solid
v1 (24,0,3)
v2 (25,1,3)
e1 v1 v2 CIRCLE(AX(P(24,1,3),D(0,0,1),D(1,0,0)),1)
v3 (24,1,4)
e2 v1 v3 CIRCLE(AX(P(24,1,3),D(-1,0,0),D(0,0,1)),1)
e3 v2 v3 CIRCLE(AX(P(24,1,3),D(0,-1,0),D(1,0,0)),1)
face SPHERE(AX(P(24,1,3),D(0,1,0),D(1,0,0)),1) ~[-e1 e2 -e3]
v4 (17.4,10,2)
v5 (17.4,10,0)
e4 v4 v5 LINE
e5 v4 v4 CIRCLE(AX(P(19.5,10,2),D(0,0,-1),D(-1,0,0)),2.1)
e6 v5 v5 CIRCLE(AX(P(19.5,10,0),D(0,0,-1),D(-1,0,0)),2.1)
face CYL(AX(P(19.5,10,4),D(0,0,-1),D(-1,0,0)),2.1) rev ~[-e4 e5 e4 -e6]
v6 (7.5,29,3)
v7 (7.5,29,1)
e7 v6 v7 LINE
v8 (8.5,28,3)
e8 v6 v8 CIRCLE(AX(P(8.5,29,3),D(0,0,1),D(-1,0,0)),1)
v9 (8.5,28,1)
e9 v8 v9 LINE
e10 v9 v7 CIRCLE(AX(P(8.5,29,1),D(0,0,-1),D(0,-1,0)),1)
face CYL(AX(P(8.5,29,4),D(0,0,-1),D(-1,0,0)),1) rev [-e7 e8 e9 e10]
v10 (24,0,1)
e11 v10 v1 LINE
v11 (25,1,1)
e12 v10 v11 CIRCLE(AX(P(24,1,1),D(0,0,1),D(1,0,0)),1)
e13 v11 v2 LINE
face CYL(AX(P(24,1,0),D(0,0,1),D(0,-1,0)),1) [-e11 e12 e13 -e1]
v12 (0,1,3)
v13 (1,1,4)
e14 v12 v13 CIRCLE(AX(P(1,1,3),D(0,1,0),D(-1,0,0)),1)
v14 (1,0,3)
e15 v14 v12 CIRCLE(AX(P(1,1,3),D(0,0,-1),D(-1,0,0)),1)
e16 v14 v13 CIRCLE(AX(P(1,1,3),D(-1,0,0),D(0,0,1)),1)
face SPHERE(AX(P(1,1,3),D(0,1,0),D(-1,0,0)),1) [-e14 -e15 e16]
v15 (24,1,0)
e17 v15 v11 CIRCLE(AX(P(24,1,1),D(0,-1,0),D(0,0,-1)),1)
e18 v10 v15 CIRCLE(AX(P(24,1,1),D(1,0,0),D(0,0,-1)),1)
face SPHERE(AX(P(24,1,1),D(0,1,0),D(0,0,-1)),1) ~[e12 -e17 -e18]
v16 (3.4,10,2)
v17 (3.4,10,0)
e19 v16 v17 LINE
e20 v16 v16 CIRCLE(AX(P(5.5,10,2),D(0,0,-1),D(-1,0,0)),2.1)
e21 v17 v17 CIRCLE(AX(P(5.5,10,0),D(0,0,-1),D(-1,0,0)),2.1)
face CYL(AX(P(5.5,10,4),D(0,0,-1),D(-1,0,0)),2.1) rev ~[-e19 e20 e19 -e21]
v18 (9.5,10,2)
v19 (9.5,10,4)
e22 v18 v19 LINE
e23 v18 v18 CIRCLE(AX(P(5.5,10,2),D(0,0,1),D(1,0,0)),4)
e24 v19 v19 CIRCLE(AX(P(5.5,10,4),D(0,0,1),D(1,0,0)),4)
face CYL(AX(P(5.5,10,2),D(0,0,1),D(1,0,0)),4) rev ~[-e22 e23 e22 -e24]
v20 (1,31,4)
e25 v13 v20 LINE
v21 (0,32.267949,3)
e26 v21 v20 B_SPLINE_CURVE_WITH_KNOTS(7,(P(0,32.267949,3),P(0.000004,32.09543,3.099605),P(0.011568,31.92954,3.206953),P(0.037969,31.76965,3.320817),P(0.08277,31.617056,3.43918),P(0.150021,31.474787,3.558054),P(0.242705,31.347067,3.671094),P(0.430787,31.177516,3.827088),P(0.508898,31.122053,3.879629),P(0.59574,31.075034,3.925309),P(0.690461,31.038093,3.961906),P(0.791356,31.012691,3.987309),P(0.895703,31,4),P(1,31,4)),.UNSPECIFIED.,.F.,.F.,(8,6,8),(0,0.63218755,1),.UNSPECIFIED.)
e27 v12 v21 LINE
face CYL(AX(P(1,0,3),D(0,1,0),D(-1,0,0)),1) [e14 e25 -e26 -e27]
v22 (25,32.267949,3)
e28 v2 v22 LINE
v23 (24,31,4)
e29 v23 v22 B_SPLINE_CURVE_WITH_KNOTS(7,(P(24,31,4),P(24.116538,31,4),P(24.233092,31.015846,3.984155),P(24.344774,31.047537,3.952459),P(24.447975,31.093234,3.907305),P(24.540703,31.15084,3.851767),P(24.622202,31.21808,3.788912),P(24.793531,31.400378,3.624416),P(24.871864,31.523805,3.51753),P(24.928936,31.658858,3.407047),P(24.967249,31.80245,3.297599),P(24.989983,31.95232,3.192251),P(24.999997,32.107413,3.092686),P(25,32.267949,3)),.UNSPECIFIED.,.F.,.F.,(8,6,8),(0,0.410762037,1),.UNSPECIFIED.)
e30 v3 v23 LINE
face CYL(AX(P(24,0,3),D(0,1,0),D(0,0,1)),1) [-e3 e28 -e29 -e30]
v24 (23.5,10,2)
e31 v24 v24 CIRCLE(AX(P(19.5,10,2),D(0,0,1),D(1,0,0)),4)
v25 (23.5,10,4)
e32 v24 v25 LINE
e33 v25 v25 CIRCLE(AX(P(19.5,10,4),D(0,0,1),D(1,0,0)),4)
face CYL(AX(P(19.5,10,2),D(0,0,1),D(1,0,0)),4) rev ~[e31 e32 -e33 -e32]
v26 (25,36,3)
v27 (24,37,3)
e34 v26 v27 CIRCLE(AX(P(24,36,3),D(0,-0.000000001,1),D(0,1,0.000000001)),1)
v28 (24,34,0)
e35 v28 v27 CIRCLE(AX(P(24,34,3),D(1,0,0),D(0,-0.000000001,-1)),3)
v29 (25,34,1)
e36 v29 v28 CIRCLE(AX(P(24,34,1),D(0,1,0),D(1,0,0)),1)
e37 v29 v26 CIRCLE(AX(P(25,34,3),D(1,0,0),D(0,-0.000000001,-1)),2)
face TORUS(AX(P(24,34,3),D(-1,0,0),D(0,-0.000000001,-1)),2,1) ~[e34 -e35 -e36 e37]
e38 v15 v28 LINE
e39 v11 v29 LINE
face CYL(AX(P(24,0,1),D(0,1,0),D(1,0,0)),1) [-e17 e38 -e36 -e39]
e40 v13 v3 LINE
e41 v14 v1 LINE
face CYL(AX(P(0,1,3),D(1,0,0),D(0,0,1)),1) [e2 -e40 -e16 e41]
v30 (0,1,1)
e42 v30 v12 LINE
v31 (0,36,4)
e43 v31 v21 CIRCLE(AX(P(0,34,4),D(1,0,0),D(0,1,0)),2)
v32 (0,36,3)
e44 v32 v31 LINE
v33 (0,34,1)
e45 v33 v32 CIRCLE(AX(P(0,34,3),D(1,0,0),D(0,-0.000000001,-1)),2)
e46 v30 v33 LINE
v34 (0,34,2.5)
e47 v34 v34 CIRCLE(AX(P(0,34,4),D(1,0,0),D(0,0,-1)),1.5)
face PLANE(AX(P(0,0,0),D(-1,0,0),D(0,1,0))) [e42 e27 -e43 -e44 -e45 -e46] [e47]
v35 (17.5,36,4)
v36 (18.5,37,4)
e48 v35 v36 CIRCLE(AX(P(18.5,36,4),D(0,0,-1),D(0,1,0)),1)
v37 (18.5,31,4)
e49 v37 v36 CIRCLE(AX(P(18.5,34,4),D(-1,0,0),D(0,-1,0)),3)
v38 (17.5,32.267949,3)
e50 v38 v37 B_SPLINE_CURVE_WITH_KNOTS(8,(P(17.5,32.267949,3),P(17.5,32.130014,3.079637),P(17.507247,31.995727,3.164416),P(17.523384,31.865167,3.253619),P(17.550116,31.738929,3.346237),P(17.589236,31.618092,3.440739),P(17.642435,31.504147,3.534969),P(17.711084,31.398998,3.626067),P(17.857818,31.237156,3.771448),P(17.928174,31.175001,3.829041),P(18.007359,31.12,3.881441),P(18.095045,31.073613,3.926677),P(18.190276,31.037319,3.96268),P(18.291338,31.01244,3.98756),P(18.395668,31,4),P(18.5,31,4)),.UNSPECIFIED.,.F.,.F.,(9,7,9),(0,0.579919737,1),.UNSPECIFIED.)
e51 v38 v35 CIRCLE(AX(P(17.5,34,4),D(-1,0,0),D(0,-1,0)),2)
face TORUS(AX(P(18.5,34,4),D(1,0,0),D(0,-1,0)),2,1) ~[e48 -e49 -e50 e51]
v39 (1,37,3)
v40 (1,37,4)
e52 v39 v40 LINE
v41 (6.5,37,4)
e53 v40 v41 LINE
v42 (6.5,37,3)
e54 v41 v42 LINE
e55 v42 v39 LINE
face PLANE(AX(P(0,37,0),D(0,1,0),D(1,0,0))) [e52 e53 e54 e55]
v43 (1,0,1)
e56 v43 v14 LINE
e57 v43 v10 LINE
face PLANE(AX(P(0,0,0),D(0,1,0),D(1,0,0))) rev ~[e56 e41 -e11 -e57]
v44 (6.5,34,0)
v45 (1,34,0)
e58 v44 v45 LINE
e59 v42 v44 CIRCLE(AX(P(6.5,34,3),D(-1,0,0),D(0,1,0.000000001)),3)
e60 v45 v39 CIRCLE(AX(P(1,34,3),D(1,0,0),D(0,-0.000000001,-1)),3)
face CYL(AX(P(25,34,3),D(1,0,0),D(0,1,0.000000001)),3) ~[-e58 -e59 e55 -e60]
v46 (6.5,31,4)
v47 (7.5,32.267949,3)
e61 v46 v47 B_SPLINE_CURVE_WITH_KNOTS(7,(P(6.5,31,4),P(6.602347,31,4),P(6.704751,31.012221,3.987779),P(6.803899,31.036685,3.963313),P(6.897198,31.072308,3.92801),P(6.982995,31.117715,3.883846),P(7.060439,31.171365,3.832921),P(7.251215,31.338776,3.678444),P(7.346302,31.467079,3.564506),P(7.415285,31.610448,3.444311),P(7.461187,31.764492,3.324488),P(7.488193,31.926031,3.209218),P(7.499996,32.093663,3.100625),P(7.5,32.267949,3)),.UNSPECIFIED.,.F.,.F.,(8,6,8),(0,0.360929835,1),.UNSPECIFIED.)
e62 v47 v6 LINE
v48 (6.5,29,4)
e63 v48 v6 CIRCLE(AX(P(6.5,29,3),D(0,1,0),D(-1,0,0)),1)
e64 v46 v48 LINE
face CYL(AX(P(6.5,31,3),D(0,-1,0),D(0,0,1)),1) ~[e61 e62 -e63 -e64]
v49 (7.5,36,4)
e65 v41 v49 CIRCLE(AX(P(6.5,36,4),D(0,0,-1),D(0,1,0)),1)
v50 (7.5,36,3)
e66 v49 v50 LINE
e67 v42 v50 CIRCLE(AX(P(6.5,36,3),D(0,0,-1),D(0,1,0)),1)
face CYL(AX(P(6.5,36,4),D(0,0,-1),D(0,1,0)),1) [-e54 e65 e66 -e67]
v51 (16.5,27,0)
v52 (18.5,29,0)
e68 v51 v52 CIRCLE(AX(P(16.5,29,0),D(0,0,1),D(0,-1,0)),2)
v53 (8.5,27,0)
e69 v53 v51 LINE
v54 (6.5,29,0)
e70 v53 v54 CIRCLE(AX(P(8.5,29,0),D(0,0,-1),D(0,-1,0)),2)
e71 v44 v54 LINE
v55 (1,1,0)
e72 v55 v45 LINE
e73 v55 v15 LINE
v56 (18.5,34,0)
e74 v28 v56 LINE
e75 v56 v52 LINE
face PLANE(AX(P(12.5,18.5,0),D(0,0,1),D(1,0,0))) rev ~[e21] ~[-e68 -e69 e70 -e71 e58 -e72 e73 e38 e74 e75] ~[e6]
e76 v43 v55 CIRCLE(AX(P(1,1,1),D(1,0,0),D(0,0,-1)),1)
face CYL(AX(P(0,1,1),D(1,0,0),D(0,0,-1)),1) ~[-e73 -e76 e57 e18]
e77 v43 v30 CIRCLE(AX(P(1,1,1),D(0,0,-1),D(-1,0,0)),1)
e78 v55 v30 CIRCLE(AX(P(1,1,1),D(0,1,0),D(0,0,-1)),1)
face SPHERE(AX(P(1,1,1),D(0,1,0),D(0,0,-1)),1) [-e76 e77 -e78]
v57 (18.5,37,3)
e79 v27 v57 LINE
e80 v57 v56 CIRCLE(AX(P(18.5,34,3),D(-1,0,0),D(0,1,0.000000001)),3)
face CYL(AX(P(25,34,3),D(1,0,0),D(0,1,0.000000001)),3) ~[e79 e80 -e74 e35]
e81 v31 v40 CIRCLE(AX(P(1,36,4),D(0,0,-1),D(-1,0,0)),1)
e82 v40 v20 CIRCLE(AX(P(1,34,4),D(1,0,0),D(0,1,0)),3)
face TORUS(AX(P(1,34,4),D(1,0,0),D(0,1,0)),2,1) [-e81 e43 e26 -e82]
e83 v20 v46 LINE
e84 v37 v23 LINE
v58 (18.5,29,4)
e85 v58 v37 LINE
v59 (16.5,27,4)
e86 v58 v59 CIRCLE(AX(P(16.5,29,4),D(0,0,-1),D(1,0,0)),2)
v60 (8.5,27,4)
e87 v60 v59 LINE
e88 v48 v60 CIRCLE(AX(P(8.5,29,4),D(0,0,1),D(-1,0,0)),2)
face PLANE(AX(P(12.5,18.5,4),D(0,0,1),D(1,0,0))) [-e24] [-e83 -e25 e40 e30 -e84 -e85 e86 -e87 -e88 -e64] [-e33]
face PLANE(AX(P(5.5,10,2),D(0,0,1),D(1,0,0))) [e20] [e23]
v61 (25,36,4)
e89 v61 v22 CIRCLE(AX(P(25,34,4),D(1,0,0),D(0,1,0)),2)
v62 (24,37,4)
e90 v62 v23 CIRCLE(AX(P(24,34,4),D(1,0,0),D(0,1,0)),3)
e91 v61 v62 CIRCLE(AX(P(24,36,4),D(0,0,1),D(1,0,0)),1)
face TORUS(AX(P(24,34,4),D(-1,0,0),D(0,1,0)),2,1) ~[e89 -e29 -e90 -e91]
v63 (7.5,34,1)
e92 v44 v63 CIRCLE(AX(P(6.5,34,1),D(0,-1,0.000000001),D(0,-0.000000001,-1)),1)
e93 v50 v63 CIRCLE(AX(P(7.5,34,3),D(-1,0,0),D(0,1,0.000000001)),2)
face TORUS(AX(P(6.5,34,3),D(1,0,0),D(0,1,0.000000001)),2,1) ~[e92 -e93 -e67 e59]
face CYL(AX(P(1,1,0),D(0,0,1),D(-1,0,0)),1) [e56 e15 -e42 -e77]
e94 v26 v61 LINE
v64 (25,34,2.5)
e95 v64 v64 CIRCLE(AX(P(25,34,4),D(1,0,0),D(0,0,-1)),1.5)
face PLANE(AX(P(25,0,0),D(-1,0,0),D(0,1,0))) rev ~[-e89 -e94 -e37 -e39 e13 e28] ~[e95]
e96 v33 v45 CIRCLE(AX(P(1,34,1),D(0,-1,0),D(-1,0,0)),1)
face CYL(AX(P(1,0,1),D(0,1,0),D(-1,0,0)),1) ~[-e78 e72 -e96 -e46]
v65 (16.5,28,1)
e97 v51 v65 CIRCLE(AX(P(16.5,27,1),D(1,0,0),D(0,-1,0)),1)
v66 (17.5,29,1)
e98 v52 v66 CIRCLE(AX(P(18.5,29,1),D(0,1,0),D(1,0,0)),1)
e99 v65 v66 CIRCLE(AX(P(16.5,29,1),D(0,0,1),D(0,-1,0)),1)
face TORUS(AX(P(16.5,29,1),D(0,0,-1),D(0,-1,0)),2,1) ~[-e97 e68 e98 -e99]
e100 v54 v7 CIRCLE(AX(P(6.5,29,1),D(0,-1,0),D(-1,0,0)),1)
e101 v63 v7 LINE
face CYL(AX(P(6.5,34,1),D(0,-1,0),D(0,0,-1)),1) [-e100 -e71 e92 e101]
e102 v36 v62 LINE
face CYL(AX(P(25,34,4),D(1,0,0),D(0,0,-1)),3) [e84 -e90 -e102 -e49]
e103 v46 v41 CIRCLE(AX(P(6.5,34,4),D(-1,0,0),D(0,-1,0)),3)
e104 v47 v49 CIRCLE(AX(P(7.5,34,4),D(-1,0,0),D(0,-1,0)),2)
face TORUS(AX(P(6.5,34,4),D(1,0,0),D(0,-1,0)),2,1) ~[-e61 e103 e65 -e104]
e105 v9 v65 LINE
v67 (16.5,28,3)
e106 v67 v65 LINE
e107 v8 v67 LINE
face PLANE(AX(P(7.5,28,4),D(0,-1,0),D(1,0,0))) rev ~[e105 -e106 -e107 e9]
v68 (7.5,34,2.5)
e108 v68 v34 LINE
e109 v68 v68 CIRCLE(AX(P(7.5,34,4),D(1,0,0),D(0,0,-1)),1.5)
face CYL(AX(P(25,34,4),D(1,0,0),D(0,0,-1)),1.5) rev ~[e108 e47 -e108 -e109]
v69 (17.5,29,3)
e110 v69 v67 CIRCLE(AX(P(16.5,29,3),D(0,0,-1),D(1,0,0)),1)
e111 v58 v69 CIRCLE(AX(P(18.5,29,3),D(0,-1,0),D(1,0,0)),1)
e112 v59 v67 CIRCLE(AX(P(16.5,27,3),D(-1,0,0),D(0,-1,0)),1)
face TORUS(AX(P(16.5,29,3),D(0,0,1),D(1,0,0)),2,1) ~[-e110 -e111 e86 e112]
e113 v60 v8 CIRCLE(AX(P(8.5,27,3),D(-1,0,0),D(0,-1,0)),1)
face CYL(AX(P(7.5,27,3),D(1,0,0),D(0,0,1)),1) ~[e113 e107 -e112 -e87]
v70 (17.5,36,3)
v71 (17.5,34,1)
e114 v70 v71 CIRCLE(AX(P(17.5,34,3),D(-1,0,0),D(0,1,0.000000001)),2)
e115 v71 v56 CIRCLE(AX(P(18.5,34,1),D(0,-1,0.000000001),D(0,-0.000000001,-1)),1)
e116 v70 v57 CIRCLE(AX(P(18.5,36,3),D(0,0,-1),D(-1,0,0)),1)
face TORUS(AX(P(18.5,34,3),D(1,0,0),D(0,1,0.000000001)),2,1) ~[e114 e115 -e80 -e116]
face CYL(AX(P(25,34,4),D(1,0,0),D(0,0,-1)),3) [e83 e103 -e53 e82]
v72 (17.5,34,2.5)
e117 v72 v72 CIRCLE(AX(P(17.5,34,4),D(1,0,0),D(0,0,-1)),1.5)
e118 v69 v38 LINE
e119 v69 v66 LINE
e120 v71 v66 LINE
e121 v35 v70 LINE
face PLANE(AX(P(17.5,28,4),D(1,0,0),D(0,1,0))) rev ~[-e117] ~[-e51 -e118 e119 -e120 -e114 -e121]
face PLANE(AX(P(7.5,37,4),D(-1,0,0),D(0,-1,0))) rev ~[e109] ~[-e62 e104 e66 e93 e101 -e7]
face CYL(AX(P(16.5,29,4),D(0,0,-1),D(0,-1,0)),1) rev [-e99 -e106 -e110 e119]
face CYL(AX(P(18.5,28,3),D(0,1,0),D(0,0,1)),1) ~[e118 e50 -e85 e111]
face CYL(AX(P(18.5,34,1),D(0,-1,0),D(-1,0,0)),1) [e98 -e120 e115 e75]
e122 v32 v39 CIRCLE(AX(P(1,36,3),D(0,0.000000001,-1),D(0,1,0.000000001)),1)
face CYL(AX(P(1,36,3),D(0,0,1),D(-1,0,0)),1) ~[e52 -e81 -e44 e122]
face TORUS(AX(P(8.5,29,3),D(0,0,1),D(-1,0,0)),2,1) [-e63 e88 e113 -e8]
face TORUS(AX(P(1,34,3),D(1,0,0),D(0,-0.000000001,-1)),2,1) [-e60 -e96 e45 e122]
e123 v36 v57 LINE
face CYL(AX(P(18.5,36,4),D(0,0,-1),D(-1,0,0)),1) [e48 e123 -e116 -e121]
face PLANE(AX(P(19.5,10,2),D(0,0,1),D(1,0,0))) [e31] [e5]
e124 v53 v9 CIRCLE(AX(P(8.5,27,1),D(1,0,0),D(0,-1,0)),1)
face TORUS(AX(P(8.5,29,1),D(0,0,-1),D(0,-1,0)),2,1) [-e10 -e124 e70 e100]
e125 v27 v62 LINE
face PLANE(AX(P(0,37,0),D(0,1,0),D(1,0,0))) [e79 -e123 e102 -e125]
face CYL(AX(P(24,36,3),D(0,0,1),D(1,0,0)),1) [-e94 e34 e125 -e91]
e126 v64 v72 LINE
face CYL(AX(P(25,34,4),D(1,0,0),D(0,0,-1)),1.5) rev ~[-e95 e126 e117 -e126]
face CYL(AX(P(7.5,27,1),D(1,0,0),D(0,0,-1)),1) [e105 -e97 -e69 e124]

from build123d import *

# Parameters (mm, degrees)
ESQUISSE1_W                                       = 25
ESQUISSE1_H                                       = 37
BOSS_EXTRU_1_DEPTH                                = 4
ESQUISSE2_R                                       = 3
BOSS_EXTRU_2_DEPTH                                = 25
ESQUISSE3_R                                       = 1.5
ENL_V_MAT_EXTRU_1_DEPTH                           = 25
ENL_V_MAT_EXTRU_2_DEPTH                           = 25
ENL_V_MAT_EXTRU_2_DEPTH_BACK                      = 25
ESQUISSE4_W                                       = 10
ESQUISSE4_H                                       = 9
CHAMBRAGE_POUR_VIS_SIX_PANS_CREUX_M41_D           = 4.2
CHAMBRAGE_POUR_VIS_SIX_PANS_CREUX_M41_CBORE_D     = 8
CHAMBRAGE_POUR_VIS_SIX_PANS_CREUX_M41_CBORE_DEPTH = 2
CONG_1_R                                          = 1


with BuildPart() as part:
    # Esquisse1 → Boss.-Extru.1 (new body)
    with BuildSketch(Plane.XY):
        with Locations((12.5, 18.5)):
            Rectangle(ESQUISSE1_W, ESQUISSE1_H)
    extrude(amount=BOSS_EXTRU_1_DEPTH)

    # Esquisse2 → Boss.-Extru.2 (add)
    with BuildSketch(Plane(origin=(25, 0, 0), x_dir=(0, 0, -1), z_dir=(1, 0, 0))):
        with Locations((-4, 34)):
            Circle(ESQUISSE2_R)
    extrude(amount=-BOSS_EXTRU_2_DEPTH)

    # Esquisse3 → Enlèv. mat.-Extru.1 (cut)
    with BuildSketch(Plane(origin=(25, 0, 0), x_dir=(0, 0, -1), z_dir=(1, 0, 0))):
        with BuildLine():
            Line((0, 34), (0, 37))
            Line((0, 37), (-3, 37))
            ThreePointArc((-3, 37), (-0.878679656, 36.121320344), (0, 34))
        make_face()
        with Locations((-4, 34)):
            Circle(ESQUISSE3_R)
    extrude(amount=-ENL_V_MAT_EXTRU_1_DEPTH, mode=Mode.SUBTRACT)

    # Esquisse4 → Enlèv. mat.-Extru.2 (cut, two sides: drawn at the far end of the back side and taken through both)
    with BuildSketch(Plane.XY.offset(4).offset(-ENL_V_MAT_EXTRU_2_DEPTH_BACK)):
        with Locations((12.5, 32.5)):
            Rectangle(ESQUISSE4_W, ESQUISSE4_H)
    extrude(amount=ENL_V_MAT_EXTRU_2_DEPTH + ENL_V_MAT_EXTRU_2_DEPTH_BACK, mode=Mode.SUBTRACT)

    # Chambrage pour vis à six pans creux M41 (through all)
    with Locations(Plane(origin=(5.5, 10, 4), x_dir=(1, 0, 0), z_dir=(0, 0, 1))):
        with Locations((0, 0), (14, 0)):
            CounterBoreHole(CHAMBRAGE_POUR_VIS_SIX_PANS_CREUX_M41_D / 2, CHAMBRAGE_POUR_VIS_SIX_PANS_CREUX_M41_CBORE_D / 2, CHAMBRAGE_POUR_VIS_SIX_PANS_CREUX_M41_CBORE_DEPTH)

    # Congé1
    cong_1_edges = [part.edges().sort_by_distance(p)[0] for p in [
        (7.5, 34, 7),
        (17.5, 34, 7),
        (7.5, 37, 3.5),
        (17.5, 37, 3.5),
        (7.5, 36.121320344, 0.878679656),
        (17.5, 36.121320344, 0.878679656),
        (7.5, 29.5, 4),
        (7.5, 31, 0),
        (17.5, 29.5, 4),
        (17.5, 31, 0),
        (25, 34, 7),
        (25, 37, 3.5),
        (25, 36.121320344, 0.878679656),
        (0, 34, 7),
        (0, 37, 3.5),
        (0, 36.121320344, 0.878679656),
        (0, 0, 2),
        (12.5, 0, 4),
        (25, 0, 2),
        (12.5, 0, 0),
        (7.5, 28, 2),
        (17.5, 28, 2),
        (12.5, 28, 0),
        (12.5, 28, 4),
        (25, 15.5, 4),
        (25, 17, 0),
        (0, 15.5, 4),
        (0, 17, 0),
    ]]
    fillet(cong_1_edges, radius=CONG_1_R)


solid = part.part
